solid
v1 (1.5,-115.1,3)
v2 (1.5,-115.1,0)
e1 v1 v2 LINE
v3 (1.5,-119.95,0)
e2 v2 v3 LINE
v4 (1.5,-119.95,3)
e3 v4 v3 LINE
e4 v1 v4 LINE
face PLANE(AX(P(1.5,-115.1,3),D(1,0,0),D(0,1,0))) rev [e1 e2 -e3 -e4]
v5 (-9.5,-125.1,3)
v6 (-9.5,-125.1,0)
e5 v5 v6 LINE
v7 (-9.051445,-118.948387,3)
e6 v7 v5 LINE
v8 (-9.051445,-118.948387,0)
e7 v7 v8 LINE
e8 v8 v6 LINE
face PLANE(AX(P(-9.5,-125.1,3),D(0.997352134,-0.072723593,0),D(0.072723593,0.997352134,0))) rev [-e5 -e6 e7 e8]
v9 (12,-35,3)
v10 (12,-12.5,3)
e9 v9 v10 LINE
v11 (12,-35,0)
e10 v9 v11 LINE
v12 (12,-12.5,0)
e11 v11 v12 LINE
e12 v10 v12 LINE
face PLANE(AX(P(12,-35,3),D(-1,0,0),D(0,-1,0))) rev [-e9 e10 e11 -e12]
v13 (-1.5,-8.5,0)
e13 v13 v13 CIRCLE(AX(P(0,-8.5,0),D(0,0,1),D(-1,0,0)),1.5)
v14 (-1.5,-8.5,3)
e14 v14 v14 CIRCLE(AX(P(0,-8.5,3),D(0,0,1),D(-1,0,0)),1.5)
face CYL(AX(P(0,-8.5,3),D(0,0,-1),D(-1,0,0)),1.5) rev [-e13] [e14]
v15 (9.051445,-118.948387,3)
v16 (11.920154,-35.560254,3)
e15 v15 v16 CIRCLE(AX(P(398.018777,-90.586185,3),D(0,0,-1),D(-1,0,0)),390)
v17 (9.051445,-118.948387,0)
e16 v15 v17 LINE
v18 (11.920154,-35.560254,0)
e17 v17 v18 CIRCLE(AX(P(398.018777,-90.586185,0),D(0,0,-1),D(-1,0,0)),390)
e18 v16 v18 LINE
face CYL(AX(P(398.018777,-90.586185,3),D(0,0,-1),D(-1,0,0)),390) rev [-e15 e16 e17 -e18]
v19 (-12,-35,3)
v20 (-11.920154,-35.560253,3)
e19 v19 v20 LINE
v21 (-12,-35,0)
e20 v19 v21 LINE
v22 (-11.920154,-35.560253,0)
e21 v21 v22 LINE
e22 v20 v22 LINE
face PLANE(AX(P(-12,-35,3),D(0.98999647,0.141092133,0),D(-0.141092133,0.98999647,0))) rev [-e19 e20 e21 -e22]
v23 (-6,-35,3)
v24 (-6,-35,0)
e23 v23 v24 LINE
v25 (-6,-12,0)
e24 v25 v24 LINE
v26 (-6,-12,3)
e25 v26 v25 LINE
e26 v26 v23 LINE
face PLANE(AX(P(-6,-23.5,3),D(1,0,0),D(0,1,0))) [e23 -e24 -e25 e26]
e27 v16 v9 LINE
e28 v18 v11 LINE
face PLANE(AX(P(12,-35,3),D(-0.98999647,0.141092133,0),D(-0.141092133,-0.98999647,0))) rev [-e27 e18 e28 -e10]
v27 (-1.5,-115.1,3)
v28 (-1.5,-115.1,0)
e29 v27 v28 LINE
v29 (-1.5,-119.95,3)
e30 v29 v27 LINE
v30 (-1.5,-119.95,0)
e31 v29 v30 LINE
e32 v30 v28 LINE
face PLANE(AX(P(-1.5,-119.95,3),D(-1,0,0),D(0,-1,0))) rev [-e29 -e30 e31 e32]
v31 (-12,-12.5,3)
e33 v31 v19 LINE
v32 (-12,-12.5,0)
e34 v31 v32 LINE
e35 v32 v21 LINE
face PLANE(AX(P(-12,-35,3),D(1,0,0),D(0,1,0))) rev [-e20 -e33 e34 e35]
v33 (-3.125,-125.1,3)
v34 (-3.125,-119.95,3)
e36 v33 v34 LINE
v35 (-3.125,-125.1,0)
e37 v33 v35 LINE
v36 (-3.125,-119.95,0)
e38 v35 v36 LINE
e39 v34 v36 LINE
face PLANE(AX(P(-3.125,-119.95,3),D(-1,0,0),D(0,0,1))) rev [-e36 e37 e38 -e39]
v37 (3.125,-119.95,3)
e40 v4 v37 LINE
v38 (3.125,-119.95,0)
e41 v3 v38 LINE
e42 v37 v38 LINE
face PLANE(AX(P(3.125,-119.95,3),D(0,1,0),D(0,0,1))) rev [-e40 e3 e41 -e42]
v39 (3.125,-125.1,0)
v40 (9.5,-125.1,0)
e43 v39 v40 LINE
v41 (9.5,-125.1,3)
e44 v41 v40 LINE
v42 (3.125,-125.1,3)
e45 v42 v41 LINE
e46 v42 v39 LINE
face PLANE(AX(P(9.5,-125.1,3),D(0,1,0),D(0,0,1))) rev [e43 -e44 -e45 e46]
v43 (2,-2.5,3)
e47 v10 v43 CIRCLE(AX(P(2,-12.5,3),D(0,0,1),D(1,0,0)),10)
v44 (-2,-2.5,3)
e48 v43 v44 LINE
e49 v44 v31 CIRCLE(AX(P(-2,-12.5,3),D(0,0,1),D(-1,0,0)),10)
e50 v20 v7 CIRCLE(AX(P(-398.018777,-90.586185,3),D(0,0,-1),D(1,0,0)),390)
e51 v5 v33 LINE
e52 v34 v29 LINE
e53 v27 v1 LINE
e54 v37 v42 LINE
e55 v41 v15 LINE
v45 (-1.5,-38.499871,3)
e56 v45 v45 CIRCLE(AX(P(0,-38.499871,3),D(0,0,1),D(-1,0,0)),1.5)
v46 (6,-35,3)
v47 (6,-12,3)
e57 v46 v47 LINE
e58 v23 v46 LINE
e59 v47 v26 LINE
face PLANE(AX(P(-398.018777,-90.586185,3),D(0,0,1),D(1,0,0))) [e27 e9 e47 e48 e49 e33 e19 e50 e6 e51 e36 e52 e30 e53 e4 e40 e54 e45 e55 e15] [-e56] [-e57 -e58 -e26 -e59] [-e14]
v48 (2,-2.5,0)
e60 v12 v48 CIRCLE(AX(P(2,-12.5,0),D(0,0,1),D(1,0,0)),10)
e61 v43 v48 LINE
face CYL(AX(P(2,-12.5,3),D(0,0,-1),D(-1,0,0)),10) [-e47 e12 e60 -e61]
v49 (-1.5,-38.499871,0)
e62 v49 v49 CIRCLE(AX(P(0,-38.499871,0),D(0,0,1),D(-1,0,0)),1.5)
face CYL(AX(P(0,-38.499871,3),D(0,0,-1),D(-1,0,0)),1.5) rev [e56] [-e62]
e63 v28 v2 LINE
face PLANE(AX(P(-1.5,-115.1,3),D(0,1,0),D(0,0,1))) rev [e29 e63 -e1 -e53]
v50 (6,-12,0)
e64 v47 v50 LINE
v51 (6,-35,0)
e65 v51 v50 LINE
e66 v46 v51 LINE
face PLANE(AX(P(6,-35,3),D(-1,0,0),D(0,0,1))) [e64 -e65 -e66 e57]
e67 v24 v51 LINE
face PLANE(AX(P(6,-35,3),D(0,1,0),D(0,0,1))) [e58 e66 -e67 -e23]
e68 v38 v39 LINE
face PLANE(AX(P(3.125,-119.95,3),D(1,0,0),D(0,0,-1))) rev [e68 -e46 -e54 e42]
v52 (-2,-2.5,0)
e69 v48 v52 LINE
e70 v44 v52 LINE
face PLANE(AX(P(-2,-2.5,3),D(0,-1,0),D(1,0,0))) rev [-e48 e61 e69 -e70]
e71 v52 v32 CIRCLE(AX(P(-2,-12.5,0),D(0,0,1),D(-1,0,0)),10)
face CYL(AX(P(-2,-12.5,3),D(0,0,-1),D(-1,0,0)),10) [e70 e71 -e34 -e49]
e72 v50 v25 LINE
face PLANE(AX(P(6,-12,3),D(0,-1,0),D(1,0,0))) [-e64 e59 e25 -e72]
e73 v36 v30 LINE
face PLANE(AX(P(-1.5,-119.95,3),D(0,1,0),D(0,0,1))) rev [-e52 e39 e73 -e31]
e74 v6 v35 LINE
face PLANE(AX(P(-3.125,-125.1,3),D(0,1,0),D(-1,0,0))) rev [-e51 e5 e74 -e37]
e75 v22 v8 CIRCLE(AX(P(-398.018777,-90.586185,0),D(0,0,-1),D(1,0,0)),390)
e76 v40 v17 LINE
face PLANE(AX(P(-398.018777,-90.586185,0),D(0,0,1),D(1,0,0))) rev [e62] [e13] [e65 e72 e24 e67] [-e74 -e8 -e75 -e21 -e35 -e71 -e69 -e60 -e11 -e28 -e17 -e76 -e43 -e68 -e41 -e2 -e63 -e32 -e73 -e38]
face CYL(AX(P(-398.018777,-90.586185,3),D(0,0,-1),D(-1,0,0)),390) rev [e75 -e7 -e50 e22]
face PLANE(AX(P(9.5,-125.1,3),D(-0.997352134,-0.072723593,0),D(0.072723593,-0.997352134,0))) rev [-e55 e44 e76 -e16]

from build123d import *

# Parameters (mm, degrees)
ESBO_O1_R                = 1.5
RESSALTO_EXTRUS_O1_DEPTH = 3


with BuildPart() as part:
    # Esboço1 → Ressalto-extrusão1 (new body)
    with BuildSketch(Plane.XY):
        with BuildLine():
            Line((3.125, -119.95), (3.125, -125.1))
            Line((3.125, -125.1), (9.5, -125.1))
            Line((9.5, -125.1), (9.051444859, -118.948386637))
            ThreePointArc((9.051444859, -118.948386637), (8.249352939, -77.177382145), (11.920153881, -35.560253603))
            Line((11.920153881, -35.560253603), (12, -35))
            Line((12, -35), (12, -12.5))
            ThreePointArc((12, -12.5), (9.071067812, -5.428932188), (2, -2.5))
            Line((2, -2.5), (0, -2.5))
            Line((0, -2.5), (-2, -2.5))
            ThreePointArc((-2, -2.5), (-9.071067812, -5.428932188), (-12, -12.5))
            Line((-12, -12.5), (-12, -35))
            Line((-12, -35), (-11.920153926, -35.560253285))
            ThreePointArc((-11.920153926, -35.560253285), (-8.249352944, -77.177381984), (-9.051444859, -118.948386634))
            Line((-9.051444859, -118.948386634), (-9.5, -125.1))
            Line((-9.5, -125.1), (-3.125, -125.1))
            Line((-3.125, -125.1), (-3.125, -119.95))
            Line((-3.125, -119.95), (-1.5, -119.95))
            Line((-1.5, -119.95), (-1.5, -115.1))
            Line((-1.5, -115.1), (1.5, -115.1))
            Line((1.5, -115.1), (1.5, -119.95))
            Line((1.5, -119.95), (3.125, -119.95))
        make_face()
        with Locations(Location((0, -8.5, 0), (0, 0, 180))):
            Circle(ESBO_O1_R, mode=Mode.SUBTRACT)
        with Locations(Location((0, -38.499871023, 0), (0, 0, 180))):
            Circle(ESBO_O1_R, mode=Mode.SUBTRACT)
        Polygon((-6, -23.5), (-6, -12), (6, -12), (6, -35), (2.474745195, -35), (-2.5, -35), (-6, -35), align=None, mode=Mode.SUBTRACT)
    extrude(amount=RESSALTO_EXTRUS_O1_DEPTH)


solid = part.part
